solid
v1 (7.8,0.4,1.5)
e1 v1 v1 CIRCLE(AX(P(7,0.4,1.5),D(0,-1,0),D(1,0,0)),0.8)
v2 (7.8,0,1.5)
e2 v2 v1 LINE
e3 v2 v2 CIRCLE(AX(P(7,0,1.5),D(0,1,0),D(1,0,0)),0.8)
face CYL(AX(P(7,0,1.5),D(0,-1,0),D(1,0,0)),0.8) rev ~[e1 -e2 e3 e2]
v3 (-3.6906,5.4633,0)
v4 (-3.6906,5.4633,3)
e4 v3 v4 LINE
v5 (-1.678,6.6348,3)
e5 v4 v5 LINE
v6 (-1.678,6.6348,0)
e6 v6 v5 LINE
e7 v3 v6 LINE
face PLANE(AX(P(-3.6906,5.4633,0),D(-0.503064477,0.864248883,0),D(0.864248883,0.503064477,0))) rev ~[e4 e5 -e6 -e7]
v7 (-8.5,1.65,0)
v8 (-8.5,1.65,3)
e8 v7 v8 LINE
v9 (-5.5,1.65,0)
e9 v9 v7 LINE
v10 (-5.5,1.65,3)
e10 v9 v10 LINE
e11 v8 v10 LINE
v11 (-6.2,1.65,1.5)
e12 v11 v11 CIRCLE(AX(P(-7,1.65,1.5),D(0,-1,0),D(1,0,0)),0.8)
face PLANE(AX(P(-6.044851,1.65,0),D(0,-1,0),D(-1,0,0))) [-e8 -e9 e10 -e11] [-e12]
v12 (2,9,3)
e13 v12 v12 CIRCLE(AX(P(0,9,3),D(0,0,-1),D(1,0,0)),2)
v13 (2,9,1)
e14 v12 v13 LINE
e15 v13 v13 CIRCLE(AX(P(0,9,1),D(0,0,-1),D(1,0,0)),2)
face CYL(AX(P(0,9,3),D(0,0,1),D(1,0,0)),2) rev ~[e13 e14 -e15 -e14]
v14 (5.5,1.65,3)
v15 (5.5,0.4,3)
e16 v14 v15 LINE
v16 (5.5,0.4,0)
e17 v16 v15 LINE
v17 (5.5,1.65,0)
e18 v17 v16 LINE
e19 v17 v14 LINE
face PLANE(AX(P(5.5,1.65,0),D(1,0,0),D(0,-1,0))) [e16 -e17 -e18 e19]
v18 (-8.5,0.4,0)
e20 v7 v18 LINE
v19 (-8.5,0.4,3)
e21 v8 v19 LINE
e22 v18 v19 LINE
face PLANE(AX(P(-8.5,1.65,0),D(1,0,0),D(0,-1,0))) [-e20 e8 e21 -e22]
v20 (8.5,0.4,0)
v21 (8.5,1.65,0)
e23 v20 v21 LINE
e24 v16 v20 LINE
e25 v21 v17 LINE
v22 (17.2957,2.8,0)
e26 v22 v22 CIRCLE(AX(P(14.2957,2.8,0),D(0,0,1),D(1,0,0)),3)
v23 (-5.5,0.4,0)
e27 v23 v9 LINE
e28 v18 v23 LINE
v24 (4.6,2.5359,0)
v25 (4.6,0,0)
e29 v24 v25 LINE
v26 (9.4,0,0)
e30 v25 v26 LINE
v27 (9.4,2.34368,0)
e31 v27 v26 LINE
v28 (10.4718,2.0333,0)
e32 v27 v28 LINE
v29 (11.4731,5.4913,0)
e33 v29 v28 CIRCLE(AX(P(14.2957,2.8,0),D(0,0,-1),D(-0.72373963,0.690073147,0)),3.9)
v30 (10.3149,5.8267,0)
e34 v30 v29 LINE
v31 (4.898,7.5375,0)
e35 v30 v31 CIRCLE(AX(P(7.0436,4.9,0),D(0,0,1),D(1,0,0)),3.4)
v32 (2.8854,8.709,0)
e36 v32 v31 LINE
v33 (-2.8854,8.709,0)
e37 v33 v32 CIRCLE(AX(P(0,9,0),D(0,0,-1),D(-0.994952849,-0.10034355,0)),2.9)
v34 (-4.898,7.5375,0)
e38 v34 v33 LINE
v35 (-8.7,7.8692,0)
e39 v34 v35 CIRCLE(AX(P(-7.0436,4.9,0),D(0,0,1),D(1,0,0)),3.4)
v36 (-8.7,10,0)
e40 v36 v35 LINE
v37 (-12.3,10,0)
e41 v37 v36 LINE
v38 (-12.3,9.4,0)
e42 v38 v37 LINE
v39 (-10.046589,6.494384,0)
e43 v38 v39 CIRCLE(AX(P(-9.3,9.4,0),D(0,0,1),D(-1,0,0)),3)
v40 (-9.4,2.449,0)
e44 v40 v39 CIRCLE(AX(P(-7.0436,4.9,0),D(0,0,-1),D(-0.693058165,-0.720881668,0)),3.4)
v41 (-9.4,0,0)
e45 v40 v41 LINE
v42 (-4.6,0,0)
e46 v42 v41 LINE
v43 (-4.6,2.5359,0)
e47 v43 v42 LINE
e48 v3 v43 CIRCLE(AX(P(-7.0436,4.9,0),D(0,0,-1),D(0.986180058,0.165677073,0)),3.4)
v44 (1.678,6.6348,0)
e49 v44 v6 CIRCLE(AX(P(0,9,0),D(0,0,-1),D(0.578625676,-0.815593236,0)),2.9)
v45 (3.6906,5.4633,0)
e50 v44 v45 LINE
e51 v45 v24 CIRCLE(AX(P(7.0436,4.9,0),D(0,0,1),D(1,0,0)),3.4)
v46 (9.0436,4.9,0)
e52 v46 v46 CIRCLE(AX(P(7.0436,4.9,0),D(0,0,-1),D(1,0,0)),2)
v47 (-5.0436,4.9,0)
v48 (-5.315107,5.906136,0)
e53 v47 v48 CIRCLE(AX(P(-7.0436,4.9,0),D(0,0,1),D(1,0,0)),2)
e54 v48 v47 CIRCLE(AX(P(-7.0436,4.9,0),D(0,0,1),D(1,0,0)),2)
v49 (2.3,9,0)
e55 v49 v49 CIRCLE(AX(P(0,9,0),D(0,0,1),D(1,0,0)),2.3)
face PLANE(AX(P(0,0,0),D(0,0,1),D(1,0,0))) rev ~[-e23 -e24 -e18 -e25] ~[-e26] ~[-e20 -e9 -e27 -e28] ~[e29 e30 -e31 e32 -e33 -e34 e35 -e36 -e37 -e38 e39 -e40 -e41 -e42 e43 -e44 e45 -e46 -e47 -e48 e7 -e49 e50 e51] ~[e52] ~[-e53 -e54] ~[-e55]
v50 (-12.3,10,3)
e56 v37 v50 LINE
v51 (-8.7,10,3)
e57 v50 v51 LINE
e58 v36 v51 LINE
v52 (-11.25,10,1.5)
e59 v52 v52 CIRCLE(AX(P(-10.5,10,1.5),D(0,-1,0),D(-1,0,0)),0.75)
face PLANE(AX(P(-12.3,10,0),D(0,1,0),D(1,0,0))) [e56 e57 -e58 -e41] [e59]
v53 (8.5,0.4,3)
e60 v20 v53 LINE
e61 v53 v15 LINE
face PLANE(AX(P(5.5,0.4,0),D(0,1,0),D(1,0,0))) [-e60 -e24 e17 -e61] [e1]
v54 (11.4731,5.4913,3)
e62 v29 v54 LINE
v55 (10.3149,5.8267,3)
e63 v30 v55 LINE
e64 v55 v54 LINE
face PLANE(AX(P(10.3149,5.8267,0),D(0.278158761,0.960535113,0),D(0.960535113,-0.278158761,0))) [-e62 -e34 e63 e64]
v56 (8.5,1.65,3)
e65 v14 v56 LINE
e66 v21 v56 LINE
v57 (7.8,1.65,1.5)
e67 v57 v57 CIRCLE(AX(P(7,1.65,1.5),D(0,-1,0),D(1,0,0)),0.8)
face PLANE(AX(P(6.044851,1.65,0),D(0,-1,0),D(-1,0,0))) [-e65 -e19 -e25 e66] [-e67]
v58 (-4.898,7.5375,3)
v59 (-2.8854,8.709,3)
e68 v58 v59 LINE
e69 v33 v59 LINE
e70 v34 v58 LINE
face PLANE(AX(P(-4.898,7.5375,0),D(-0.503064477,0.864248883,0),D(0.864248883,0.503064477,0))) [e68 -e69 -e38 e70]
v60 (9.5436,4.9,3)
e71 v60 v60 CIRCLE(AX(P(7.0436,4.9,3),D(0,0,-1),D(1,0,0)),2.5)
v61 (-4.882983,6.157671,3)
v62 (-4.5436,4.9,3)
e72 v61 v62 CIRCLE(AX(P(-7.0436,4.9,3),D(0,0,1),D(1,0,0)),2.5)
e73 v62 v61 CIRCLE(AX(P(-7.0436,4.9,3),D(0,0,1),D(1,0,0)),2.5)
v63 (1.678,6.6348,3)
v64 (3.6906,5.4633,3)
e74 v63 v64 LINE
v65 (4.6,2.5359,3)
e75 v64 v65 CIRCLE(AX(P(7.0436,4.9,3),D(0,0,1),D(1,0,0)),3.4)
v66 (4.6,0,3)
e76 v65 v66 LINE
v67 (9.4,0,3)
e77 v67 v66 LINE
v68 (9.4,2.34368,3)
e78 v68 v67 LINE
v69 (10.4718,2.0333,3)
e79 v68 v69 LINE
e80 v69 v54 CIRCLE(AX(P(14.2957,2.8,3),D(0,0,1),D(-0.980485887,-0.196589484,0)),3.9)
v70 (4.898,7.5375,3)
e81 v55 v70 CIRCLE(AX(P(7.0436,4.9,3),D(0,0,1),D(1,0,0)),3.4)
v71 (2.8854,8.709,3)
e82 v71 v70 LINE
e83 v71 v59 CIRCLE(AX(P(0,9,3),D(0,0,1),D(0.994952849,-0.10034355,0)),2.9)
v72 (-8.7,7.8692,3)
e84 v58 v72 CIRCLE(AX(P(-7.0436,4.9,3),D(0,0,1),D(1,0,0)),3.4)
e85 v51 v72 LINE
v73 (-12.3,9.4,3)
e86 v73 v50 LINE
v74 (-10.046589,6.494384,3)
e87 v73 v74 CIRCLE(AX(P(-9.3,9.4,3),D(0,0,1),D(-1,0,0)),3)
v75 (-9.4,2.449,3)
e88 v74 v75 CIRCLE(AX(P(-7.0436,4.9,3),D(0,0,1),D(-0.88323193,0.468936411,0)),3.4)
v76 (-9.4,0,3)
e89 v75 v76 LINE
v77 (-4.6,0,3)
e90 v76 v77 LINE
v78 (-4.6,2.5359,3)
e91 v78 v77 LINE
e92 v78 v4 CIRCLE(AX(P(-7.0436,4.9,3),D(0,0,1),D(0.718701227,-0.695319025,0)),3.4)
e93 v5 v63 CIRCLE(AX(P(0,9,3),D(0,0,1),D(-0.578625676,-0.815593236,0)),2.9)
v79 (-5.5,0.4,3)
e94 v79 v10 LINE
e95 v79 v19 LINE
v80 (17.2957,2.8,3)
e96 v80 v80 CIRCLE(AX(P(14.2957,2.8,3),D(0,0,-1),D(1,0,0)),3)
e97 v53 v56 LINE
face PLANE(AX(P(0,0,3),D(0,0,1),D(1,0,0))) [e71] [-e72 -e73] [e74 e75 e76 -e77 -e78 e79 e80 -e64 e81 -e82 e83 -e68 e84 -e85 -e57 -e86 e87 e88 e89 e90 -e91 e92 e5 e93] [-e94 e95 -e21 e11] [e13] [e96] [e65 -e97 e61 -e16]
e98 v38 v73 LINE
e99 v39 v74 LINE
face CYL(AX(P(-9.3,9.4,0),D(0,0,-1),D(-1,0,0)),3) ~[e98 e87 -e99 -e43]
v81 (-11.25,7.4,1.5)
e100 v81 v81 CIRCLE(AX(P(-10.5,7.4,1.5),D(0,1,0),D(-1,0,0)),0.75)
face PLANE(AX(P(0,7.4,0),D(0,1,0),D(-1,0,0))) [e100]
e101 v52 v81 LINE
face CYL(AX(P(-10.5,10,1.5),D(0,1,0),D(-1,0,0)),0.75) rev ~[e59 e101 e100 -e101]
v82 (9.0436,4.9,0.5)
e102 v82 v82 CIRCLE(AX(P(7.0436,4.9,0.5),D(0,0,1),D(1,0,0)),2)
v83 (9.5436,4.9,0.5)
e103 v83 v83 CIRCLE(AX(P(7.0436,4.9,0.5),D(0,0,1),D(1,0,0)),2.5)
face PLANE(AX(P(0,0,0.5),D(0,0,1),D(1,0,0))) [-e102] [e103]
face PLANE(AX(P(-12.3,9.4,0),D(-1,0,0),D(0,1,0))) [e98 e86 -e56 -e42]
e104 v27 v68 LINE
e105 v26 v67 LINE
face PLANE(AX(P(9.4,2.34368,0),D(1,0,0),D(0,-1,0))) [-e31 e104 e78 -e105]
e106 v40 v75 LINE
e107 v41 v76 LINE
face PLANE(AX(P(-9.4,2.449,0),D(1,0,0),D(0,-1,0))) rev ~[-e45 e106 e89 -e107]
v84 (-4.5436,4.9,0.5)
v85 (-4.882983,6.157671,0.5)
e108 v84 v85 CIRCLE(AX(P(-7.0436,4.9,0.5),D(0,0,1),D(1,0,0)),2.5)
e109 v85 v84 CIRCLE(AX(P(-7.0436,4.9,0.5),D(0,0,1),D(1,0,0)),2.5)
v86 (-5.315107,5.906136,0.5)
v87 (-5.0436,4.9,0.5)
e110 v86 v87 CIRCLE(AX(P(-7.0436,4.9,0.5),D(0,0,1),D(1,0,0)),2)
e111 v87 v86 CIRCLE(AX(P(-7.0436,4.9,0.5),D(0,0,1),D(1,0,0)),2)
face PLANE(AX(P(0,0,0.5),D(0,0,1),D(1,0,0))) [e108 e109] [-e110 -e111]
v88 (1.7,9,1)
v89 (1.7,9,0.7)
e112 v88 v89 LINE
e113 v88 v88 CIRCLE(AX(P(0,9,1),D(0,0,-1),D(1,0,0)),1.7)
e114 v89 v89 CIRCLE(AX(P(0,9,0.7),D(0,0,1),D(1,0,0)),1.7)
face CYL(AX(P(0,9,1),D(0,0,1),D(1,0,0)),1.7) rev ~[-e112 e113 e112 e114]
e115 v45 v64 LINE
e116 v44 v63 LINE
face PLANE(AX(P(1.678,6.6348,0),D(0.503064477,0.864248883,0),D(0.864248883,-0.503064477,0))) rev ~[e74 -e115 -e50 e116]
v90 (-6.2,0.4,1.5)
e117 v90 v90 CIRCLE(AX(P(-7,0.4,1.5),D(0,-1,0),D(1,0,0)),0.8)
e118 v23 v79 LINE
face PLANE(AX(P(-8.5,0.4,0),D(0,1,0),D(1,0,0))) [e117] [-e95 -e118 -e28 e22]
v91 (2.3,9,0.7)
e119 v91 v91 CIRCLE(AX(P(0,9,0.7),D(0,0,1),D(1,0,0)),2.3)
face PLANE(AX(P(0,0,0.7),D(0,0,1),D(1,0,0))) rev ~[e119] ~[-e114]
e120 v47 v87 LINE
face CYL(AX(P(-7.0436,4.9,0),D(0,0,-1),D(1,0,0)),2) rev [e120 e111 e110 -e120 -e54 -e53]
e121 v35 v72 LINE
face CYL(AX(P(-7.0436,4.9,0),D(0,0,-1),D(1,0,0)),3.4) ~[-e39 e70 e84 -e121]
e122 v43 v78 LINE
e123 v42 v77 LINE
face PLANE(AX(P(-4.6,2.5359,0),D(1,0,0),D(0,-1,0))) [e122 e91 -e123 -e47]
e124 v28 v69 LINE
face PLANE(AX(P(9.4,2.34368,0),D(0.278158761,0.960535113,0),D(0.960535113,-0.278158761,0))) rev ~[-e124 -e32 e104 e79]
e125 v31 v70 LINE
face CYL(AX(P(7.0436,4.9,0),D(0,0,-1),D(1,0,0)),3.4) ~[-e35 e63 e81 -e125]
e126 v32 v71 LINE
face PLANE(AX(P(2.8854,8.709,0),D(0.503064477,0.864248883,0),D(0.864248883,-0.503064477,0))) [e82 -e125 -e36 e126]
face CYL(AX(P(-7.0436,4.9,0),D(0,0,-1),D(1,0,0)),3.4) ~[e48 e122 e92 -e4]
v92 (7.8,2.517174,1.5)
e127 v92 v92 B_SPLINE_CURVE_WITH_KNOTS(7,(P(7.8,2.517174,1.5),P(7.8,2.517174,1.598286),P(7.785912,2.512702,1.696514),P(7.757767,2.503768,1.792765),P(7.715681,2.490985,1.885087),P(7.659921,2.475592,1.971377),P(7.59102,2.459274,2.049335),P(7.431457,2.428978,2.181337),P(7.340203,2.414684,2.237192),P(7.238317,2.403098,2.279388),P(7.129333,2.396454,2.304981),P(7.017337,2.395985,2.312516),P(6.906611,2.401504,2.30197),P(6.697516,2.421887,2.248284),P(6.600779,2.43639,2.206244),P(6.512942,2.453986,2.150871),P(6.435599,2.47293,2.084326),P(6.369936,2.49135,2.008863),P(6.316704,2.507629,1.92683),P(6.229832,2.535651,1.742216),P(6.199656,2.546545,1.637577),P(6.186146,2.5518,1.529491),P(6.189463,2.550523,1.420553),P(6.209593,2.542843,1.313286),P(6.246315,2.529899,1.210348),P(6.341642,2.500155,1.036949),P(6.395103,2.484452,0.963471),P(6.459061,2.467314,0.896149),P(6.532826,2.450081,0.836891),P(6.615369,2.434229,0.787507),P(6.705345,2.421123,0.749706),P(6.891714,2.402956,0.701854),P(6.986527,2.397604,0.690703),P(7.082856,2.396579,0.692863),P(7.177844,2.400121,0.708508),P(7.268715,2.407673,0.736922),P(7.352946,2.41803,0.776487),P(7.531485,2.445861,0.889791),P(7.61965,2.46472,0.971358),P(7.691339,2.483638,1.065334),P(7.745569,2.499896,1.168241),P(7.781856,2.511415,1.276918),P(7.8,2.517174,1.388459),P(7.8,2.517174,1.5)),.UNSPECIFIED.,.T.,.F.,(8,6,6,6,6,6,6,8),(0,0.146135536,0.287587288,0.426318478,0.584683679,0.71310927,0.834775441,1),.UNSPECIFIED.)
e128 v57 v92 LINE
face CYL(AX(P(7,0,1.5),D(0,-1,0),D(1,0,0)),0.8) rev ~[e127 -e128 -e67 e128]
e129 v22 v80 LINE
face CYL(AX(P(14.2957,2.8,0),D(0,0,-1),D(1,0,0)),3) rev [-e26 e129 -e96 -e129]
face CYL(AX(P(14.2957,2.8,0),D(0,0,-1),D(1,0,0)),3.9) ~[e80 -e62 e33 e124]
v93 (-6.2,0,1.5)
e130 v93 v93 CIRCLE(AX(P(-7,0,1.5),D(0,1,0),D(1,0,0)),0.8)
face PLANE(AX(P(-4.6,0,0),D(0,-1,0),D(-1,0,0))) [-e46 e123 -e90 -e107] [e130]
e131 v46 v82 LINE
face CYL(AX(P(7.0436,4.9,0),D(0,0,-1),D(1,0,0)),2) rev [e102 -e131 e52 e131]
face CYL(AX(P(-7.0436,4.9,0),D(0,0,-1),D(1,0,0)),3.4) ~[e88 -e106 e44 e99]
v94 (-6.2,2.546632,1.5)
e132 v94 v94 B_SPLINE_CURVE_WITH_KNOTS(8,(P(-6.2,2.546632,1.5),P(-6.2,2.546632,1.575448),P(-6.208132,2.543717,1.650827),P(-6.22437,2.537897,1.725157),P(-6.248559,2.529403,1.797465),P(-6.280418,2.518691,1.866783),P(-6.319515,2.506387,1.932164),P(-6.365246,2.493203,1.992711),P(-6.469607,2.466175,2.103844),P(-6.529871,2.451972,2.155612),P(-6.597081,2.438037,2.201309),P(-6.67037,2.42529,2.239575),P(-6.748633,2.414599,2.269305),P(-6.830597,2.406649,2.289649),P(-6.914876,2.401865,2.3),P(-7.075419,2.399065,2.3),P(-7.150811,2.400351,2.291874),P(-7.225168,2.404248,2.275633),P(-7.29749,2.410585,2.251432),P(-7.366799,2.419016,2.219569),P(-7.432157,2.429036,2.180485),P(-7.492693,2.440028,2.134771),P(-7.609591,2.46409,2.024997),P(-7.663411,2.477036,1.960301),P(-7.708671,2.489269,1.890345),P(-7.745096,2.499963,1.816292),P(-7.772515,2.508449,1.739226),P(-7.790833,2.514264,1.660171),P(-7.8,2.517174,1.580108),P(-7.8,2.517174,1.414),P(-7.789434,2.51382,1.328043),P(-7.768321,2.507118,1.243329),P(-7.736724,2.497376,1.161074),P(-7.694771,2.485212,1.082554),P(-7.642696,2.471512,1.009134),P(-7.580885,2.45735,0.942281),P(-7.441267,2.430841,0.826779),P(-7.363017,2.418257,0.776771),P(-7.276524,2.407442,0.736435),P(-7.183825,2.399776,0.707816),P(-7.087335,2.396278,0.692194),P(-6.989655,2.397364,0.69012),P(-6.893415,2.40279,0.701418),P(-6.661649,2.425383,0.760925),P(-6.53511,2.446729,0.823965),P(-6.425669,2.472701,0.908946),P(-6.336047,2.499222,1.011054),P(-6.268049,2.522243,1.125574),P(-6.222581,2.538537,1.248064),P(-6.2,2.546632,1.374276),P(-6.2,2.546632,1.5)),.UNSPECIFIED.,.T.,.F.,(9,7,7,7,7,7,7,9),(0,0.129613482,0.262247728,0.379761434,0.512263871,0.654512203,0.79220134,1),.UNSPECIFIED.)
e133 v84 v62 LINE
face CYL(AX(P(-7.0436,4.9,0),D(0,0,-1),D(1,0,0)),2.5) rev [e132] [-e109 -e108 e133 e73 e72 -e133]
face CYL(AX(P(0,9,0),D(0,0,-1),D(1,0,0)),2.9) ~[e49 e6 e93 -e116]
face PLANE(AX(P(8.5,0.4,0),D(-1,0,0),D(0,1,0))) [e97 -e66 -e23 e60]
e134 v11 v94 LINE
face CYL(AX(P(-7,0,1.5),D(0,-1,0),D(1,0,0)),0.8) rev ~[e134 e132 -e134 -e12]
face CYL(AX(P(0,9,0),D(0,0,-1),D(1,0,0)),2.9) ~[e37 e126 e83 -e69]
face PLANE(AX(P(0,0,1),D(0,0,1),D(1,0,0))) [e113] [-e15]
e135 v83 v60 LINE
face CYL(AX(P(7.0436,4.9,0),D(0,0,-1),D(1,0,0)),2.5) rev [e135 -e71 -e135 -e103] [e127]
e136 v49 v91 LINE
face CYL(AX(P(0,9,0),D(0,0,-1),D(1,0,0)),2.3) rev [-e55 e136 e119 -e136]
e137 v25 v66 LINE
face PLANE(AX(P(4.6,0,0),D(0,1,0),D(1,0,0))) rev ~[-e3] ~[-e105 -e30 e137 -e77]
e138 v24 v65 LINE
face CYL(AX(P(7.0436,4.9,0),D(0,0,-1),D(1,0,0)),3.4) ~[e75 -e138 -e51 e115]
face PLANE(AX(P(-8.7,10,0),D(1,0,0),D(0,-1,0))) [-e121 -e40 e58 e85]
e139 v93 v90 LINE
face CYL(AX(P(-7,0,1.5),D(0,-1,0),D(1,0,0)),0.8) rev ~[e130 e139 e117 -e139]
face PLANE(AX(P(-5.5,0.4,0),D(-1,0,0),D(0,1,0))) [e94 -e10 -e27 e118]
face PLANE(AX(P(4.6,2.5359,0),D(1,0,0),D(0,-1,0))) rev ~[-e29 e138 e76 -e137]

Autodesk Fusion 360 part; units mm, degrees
sketch "スケッチ1" plane through (0, 0, 0) normal (0, 0, 1) x (1, 0, 0)
  line L0 (0, 0) -> (18.1957, 0)
  line L1 (18.1957, 0) -> (18.1957, 13.2439)
  line L2 (18.1957, 13.2439) -> (0, 13.2439)
  line L3 (0, 13.2439) -> (0, 0)
  line L4 (0, 0) -> (-13.9996, 0)
  line L5 (-13.9996, 0) -> (-13.9996, 13.2439)
  line L6 (-13.9996, 13.2439) -> (0, 13.2439)
  line L7 (0, 13.2439) -> (0, 0)
  circle A0 centre (-7.0436, 4.9) radius 2
  circle A1 centre (7.0436, 4.9) radius 2
  circle A2 centre (0, 9) radius 2
  circle A3 centre (14.2957, 2.8) radius 3
  circle A4 centre (-7.0436, 4.9) radius 2.5
  circle A5 centre (7.0436, 4.9) radius 2.5
  circle A6 centre (0, 9) radius 2.3
  circle A7 centre (0, 9) radius 1.7
  line L8 (-7, 1.5003) -> (-7, 0)
  line L9 (7, 1.5003) -> (7, 0)
  circle A8 centre (-7.0436, 4.9) radius 3.4
  circle A9 centre (0, 9) radius 2.9
  line L10 (-7.0436, 4.9) -> (0, 9)
  line L11 (0, 9) -> (7.0436, 4.9)
  line L12 (7.0436, 4.9) -> (14.2957, 2.8)
  circle A10 centre (7.0436, 4.9) radius 3.4
  circle A11 centre (14.2957, 2.8) radius 3.9
  line L13 (-4.6, 2.5359) -> (-4.6, 0)
  line L14 (4.6, 2.5359) -> (4.6, 0)
  line L15 (-9.4, 2.449) -> (-9.4, 0)
  line L16 (9.4, 2.449) -> (9.4, 0)
  line L17 (-3.6906, 5.4633) -> (-1.678, 6.6348)
  line L18 (1.678, 6.6348) -> (3.6906, 5.4633)
  line L19 (-4.898, 7.5375) -> (-2.8854, 8.709)
  line L20 (2.8854, 8.709) -> (4.898, 7.5375)
  line L21 (10.3149, 5.8267) -> (11.4731, 5.4913)
  line L22 (9.3136, 2.3687) -> (10.4718, 2.0333)
  line L23 (0, 0) -> (18.1957, 0)
  line L24 (18.1957, 0) -> (18.1957, -2.0683)
  line L25 (18.1957, -2.0683) -> (0, -2.0683)
  line L26 (-13.9996, 0) -> (0, 0)
  line L27 (0, -2.0683) -> (-13.9996, -2.0683)
  line L28 (-13.9996, -2.0683) -> (-13.9996, 0)
  line L29 (-12.3, 6.4) -> (-12.3, 10)
  line L30 (-12.3, 10) -> (-8.7, 10)
  line L31 (-8.7, 10) -> (-8.7, 7.8692)
  line L32 (-12.3, 6.4) -> (-10.0948, 6.4)
  line L33 (-5.5, 1.65) -> (-8.5, 1.65)
  line L34 (-8.5, 1.65) -> (-8.5, 0.4)
  line L35 (-8.5, 0.4) -> (-5.5, 0.4)
  line L36 (-5.5, 0.4) -> (-5.5, 1.65)
  line L37 (-5.5, 1.65) -> (-8.5, 0.4) construction
  line L38 (-8.5, 1.65) -> (-5.5, 0.4) construction
  line L39 (8.5, 1.65) -> (5.5, 1.65)
  line L40 (5.5, 1.65) -> (5.5, 0.4)
  line L41 (5.5, 0.4) -> (8.5, 0.4)
  line L42 (8.5, 0.4) -> (8.5, 1.65)
  line L43 (8.5, 1.65) -> (5.5, 0.4) construction
  line L44 (5.5, 1.65) -> (8.5, 0.4) construction
  arc A12 (-12.3, 9.4) -> (-9.3, 6.4) centre (-9.3, 9.4) ccw
  point P0 (-7, 1.5003)
  point P1 (7, 1.5003)
  point P2 (-10.5, 10)
  point P3 (-7, 1.025)
  point P4 (7, 1.025)
  dimension "d4" = 4
  dimension "d5" = 4.9
  dimension "d6" = 8.15
  dimension "d7" = 4
  dimension "d10" = 6
  dimension "d16" = 2.8
  dimension "d18" = 9
  dimension "d19" = 5
  dimension "d21" = 7.55
  dimension "d26" = 4.6
  dimension "d34" = 3.4
  dimension "d41" = 7
  dimension "d45" = 5.8
  dimension "d51" = 1.2
  dimension "d52" = 4.8
  dimension "d54" = 1.8
  dimension "d57" = 6.8
  dimension "d76" = 7.8
  dimension "d86" = 10.5
  dimension "d87" = 3.6
  dimension "d88" = 10
  dimension "d92" = 3
  dimension "d93" = 0.4
  dimension "d94" = 1.25
  dimension "d96" = 3.6
  dimension "d97" = 3
extrude "押し出し1" add sketch "スケッチ1" along normal blind 3 contours L0 L9 A10 L14 L23 L39 L40 L41 | L3 L7 A6 A9 L10 | L3 L7 A6 A9 L11 | L4 L8 A8 L13 L26 L33 L35 L36 | L0 L9 A10 L16 L22 L23 L39 L41 L42 | A5 L11 L12 A10 L39 | A8 A9 L10 L17 | A9 L11 A10 L18 | L4 L8 A8 L15 L26 L33 L34 L35 | A8 L33 | L3 L7 A6 A9 L10 | L3 L7 A6 A9 L11 | A8 A9 L10 L19 | A9 L11 A10 L20 | L0 A3 L12 A11 L23 | L0 A3 A11 L23 | A10 L16 L22 | L12 A10 A11 L16 L22 | A5 L11 L12 A10 | L0 A3 L12 A11 L23 | L12 A10 A11 L21 | A8 L29 L30 L31 A12 picked at (-7.0875, 1.9012)
extrude "押し出し2" add sketch "スケッチ1" along normal blind 0.5 contours A4 | A1 A5 L11 L12 | A1 A5 L11 L12
extrude "押し出し5" add sketch "スケッチ1" against normal blind 2.3 from surface at 3 contours L3 L7 A2 A6 L10 | L3 L7 A2 A6 L11 | L3 L7 A2 A6 L10 | L3 L7 A2 A6 L11
sketch "スケッチ2" plane through (0, 0, 0) normal (0, -1, 0) x (1, 0, 0)
  line L0 (-7, 0) -> (-7, 3)
  line L1 (7, 0) -> (7, 3)
  circle A0 centre (-7, 1.5) radius 0.8
  circle A1 centre (7, 1.5) radius 0.8
  line L2 (9.4, 0) -> (9.4, 3)
  line L3 (4.6, 3) -> (4.6, 0)
  line L4 (-4.6, 3) -> (-9.4, 3)
  line L5 (4.6, 0) -> (9.4, 0)
  line L6 (-4.6, 0) -> (-4.6, 3)
  line L7 (-9.4, 3) -> (-9.4, 0)
  line L8 (9.4, 3) -> (4.6, 3)
  line L9 (-9.4, 0) -> (-4.6, 0)
  point P0 (7, 0)
  dimension "d42" = 1.6
extrude "押し出し7" cut sketch "スケッチ2" against normal blind 3 contours L0 A0 | L0 A0 | L1 A1 | L1 A1
extrude "押し出し8" add sketch "スケッチ1" against normal blind 0.3 from surface at 1 contours L3 L7 A2 A7 L10 | L3 L7 A2 A7 L11 | L3 L7 A2 A7 L10 | L3 L7 A2 A7 L11
sketch "スケッチ6" plane through (0, 10, 0) normal (0, 1, 0) x (-1, 0, 0)
  line L0 (8.7, 0) -> (12.3, 0)
  line L1 (12.3, 0) -> (12.3, 3)
  line L2 (12.3, 3) -> (8.7, 3)
  line L3 (8.7, 3) -> (8.7, 0)
  line L4 (10.5, 3) -> (10.5, 0)
  circle A0 centre (10.5, 1.5) radius 0.75
  dimension "d89" = 1.5
extrude "押し出し12" cut sketch "スケッチ6" against normal blind 2.6 contours L4 A0 | L4 A0
equation "d5 = 6.5 mm - 0.6 mm - 1.0 mm"
equation "d6 = 6.15 mm + 1.95 mm + 0.05 mm"
equation "d16 = ( 7.8 / 2 ) * 1 mm - 0.6 mm - 0.5 mm"
equation "d21 = 6.15 mm + 1.35 mm + 0.05 mm"
